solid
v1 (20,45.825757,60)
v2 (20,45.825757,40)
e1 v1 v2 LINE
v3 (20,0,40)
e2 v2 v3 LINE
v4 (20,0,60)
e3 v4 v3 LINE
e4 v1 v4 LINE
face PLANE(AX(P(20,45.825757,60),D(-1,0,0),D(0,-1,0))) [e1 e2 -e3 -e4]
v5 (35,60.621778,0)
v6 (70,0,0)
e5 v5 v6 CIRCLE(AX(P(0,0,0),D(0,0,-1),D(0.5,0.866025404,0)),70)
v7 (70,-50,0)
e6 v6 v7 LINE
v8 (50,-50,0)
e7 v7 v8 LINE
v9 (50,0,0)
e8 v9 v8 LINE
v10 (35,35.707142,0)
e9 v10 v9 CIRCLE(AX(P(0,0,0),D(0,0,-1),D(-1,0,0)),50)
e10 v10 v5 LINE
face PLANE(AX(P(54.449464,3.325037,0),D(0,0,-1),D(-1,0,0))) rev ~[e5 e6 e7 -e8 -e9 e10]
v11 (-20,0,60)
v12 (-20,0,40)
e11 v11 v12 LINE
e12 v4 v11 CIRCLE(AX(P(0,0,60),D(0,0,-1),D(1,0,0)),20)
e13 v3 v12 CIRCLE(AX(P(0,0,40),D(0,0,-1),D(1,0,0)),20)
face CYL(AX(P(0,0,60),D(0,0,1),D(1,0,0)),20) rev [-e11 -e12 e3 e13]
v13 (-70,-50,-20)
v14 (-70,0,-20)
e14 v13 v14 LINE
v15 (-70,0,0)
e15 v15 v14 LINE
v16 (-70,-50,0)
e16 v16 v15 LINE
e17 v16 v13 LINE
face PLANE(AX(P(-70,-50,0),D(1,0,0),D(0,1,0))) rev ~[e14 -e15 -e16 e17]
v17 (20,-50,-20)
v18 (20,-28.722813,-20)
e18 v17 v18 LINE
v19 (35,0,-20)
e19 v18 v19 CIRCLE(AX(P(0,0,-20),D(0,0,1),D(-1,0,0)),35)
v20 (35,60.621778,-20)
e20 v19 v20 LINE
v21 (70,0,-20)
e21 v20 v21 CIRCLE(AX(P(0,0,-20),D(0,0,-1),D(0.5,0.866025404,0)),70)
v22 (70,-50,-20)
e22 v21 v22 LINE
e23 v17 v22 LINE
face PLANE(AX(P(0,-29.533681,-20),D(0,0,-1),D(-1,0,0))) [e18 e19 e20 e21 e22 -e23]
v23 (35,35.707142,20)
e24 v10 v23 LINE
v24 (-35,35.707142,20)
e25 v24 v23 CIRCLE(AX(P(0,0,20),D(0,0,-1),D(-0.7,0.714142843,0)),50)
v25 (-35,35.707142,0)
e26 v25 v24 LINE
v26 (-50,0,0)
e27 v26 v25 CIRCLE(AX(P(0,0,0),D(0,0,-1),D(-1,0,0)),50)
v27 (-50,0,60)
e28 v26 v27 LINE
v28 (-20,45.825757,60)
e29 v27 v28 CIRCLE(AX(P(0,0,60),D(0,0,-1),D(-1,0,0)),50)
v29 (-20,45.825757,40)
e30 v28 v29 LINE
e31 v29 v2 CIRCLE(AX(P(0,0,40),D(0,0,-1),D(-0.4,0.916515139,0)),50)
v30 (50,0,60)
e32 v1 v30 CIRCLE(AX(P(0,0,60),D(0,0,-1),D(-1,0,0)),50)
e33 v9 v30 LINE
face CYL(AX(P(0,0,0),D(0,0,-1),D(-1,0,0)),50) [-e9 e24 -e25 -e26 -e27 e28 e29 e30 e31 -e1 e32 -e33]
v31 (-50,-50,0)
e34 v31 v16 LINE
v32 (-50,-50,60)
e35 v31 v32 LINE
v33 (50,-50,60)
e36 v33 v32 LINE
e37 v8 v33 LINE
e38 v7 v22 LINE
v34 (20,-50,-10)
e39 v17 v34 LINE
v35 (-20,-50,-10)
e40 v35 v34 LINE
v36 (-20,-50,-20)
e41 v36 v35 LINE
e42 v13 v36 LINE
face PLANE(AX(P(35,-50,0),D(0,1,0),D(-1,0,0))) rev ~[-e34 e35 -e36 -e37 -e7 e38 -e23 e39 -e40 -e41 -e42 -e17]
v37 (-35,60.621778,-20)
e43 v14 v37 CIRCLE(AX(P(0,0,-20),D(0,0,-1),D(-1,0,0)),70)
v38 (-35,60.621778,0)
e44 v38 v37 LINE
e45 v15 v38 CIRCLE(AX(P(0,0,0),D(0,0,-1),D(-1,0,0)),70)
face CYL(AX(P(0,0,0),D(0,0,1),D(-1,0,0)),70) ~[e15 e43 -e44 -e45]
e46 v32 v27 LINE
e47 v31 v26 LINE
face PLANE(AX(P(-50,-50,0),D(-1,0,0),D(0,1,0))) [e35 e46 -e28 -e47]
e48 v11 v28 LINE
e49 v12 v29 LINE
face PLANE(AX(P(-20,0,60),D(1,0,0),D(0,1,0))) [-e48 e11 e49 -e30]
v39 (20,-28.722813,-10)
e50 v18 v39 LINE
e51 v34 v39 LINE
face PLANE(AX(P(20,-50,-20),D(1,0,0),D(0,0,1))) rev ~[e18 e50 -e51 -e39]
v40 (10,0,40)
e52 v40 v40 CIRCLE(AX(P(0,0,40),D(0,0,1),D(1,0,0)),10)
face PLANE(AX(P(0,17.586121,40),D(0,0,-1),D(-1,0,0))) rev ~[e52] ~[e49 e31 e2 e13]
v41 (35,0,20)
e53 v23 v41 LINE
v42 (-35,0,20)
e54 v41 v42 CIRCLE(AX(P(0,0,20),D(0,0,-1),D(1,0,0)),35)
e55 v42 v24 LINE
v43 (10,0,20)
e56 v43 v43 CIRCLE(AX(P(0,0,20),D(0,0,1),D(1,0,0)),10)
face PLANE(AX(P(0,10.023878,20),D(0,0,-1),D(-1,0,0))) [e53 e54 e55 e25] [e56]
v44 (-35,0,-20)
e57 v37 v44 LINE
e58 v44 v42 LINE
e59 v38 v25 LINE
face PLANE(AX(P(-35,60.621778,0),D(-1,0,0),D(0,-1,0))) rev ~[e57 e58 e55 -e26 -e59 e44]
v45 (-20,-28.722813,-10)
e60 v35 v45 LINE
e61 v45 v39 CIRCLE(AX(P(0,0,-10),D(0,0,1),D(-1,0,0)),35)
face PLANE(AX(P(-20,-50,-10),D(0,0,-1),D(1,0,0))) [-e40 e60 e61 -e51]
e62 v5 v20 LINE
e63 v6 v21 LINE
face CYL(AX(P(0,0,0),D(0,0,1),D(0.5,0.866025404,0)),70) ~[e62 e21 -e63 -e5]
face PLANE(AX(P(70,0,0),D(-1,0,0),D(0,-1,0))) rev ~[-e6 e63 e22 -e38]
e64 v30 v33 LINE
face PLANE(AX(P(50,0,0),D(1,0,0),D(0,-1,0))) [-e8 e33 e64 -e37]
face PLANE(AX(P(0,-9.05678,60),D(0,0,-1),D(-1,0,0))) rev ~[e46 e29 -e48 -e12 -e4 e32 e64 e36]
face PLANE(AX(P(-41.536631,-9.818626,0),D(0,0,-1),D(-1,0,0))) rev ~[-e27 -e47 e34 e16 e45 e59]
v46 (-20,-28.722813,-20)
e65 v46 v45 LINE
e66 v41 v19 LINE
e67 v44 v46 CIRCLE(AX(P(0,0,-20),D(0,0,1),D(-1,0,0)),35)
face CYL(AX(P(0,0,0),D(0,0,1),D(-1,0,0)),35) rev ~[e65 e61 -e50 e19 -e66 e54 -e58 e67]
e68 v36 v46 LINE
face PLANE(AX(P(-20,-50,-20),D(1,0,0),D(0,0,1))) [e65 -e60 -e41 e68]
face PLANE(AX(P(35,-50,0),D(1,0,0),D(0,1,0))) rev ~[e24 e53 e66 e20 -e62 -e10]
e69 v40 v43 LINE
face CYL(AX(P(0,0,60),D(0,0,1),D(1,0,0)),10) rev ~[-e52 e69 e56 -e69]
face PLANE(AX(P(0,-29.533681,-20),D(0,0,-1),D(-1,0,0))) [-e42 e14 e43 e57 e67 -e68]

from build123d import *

# Parameters (mm, degrees)
BOSS_EXTRUDE1_DEPTH = 60
SKETCH2_R           = 10
CUT_EXTRUDE1_DEPTH  = 60
CUT_EXTRUDE2_DEPTH  = 20
SKETCH6_R           = 10
CUT_EXTRUDE6_DEPTH  = 20
BOSS_EXTRUDE2_DEPTH = 20
BOSS_EXTRUDE3_DEPTH = 20
SKETCH9_W           = 40
SKETCH9_H           = 10
CUT_EXTRUDE7_DEPTH  = 95


with BuildPart() as part:
    # Sketch1 → Boss-Extrude1 (new body)
    with BuildSketch(Plane.XY):
        with BuildLine():
            ThreePointArc((-50, 0), (0, 50), (50, 0))
            Line((50, 0), (50, -50))
            Line((50, -50), (-50, -50))
            Line((-50, -50), (-50, 0))
        make_face()
    extrude(amount=BOSS_EXTRUDE1_DEPTH)

    # Sketch2 → Cut-Extrude1 (cut)
    with BuildSketch(Plane.XY.offset(60)):
        Circle(SKETCH2_R)
    extrude(amount=-CUT_EXTRUDE1_DEPTH, mode=Mode.SUBTRACT)

    # Sketch3 → Cut-Extrude2 (cut)
    with BuildSketch(Plane.XY.offset(60)):
        with BuildLine():
            Line((-20, 0), (-20, 45.82575695))
            ThreePointArc((-20, 45.82575695), (0, 50), (20, 45.82575695))
            Line((20, 45.82575695), (20, 0))
            ThreePointArc((20, 0), (0, -20), (-20, 0))
        make_face()
    extrude(amount=-CUT_EXTRUDE2_DEPTH, mode=Mode.SUBTRACT)

    # Sketch6 → Cut-Extrude6 (cut)
    with BuildSketch(Plane(origin=(0, 0, 0), x_dir=(-1, 0, 0), z_dir=(0, 0, -1))):
        with BuildLine():
            Line((-35, 35.707142143), (-35, 0))
            ThreePointArc((-35, 0), (0, -35), (35, 0))
            Line((35, 0), (35, 35.707142143))
            ThreePointArc((35, 35.707142143), (0, 50), (-35, 35.707142143))
        make_face()
        Circle(SKETCH6_R, mode=Mode.SUBTRACT)
    extrude(amount=-CUT_EXTRUDE6_DEPTH, mode=Mode.SUBTRACT)

    # Sketch7 → Boss-Extrude2 (add)
    with BuildSketch(Plane(origin=(0, 0, 0), x_dir=(-1, 0, 0), z_dir=(0, 0, -1))):
        with BuildLine():
            Line((-70, -50), (-50, -50))
            Line((-50, -50), (-50, 0))
            ThreePointArc((-50, 0), (-46.097722286, 19.364916731), (-35, 35.707142143))
            Line((-35, 35.707142143), (-35, 60.621778265))
            ThreePointArc((-35, 60.621778265), (-60.621778265, 35), (-70, 0))
            Line((-70, 0), (-70, -50))
        make_face()
        with BuildLine():
            Line((-50, -50), (-35, -50))
            Line((-35, -50), (-35, 0))
            Line((-35, 0), (-35, 35.707142143))
            ThreePointArc((-35, 35.707142143), (-46.097722286, 19.364916731), (-50, 0))
            Line((-50, 0), (-50, -50))
        make_face()
        with BuildLine():
            ThreePointArc((50, 0), (46.097722286, 19.364916731), (35, 35.707142143))
            Line((35, 35.707142143), (35, 0))
            Line((35, 0), (35, -50))
            Line((35, -50), (50, -50))
            Line((50, -50), (50, 0))
        make_face()
        with BuildLine():
            ThreePointArc((70, 0), (60.621778265, 35), (35, 60.621778265))
            Line((35, 60.621778265), (35, 35.707142143))
            ThreePointArc((35, 35.707142143), (46.097722286, 19.364916731), (50, 0))
            Line((50, 0), (50, -50))
            Line((50, -50), (70, -50))
            Line((70, -50), (70, 0))
        make_face()
    extrude(amount=BOSS_EXTRUDE2_DEPTH)

    # Sketch8 → Boss-Extrude3 (add)
    with BuildSketch(Plane(origin=(0, 0, 0), x_dir=(-1, 0, 0), z_dir=(0, 0, -1))):
        with BuildLine():
            Line((-35, -50), (35, -50))
            Line((35, -50), (35, 0))
            ThreePointArc((35, 0), (0, -35), (-35, 0))
            Line((-35, 0), (-35, -50))
        make_face()
    extrude(amount=BOSS_EXTRUDE3_DEPTH)

    # Sketch9 → Cut-Extrude7 (cut)
    with BuildSketch(Plane.XZ.offset(50)):
        with Locations((0, -15)):
            Rectangle(SKETCH9_W, SKETCH9_H)
    extrude(amount=-CUT_EXTRUDE7_DEPTH, mode=Mode.SUBTRACT)


solid = part.part
